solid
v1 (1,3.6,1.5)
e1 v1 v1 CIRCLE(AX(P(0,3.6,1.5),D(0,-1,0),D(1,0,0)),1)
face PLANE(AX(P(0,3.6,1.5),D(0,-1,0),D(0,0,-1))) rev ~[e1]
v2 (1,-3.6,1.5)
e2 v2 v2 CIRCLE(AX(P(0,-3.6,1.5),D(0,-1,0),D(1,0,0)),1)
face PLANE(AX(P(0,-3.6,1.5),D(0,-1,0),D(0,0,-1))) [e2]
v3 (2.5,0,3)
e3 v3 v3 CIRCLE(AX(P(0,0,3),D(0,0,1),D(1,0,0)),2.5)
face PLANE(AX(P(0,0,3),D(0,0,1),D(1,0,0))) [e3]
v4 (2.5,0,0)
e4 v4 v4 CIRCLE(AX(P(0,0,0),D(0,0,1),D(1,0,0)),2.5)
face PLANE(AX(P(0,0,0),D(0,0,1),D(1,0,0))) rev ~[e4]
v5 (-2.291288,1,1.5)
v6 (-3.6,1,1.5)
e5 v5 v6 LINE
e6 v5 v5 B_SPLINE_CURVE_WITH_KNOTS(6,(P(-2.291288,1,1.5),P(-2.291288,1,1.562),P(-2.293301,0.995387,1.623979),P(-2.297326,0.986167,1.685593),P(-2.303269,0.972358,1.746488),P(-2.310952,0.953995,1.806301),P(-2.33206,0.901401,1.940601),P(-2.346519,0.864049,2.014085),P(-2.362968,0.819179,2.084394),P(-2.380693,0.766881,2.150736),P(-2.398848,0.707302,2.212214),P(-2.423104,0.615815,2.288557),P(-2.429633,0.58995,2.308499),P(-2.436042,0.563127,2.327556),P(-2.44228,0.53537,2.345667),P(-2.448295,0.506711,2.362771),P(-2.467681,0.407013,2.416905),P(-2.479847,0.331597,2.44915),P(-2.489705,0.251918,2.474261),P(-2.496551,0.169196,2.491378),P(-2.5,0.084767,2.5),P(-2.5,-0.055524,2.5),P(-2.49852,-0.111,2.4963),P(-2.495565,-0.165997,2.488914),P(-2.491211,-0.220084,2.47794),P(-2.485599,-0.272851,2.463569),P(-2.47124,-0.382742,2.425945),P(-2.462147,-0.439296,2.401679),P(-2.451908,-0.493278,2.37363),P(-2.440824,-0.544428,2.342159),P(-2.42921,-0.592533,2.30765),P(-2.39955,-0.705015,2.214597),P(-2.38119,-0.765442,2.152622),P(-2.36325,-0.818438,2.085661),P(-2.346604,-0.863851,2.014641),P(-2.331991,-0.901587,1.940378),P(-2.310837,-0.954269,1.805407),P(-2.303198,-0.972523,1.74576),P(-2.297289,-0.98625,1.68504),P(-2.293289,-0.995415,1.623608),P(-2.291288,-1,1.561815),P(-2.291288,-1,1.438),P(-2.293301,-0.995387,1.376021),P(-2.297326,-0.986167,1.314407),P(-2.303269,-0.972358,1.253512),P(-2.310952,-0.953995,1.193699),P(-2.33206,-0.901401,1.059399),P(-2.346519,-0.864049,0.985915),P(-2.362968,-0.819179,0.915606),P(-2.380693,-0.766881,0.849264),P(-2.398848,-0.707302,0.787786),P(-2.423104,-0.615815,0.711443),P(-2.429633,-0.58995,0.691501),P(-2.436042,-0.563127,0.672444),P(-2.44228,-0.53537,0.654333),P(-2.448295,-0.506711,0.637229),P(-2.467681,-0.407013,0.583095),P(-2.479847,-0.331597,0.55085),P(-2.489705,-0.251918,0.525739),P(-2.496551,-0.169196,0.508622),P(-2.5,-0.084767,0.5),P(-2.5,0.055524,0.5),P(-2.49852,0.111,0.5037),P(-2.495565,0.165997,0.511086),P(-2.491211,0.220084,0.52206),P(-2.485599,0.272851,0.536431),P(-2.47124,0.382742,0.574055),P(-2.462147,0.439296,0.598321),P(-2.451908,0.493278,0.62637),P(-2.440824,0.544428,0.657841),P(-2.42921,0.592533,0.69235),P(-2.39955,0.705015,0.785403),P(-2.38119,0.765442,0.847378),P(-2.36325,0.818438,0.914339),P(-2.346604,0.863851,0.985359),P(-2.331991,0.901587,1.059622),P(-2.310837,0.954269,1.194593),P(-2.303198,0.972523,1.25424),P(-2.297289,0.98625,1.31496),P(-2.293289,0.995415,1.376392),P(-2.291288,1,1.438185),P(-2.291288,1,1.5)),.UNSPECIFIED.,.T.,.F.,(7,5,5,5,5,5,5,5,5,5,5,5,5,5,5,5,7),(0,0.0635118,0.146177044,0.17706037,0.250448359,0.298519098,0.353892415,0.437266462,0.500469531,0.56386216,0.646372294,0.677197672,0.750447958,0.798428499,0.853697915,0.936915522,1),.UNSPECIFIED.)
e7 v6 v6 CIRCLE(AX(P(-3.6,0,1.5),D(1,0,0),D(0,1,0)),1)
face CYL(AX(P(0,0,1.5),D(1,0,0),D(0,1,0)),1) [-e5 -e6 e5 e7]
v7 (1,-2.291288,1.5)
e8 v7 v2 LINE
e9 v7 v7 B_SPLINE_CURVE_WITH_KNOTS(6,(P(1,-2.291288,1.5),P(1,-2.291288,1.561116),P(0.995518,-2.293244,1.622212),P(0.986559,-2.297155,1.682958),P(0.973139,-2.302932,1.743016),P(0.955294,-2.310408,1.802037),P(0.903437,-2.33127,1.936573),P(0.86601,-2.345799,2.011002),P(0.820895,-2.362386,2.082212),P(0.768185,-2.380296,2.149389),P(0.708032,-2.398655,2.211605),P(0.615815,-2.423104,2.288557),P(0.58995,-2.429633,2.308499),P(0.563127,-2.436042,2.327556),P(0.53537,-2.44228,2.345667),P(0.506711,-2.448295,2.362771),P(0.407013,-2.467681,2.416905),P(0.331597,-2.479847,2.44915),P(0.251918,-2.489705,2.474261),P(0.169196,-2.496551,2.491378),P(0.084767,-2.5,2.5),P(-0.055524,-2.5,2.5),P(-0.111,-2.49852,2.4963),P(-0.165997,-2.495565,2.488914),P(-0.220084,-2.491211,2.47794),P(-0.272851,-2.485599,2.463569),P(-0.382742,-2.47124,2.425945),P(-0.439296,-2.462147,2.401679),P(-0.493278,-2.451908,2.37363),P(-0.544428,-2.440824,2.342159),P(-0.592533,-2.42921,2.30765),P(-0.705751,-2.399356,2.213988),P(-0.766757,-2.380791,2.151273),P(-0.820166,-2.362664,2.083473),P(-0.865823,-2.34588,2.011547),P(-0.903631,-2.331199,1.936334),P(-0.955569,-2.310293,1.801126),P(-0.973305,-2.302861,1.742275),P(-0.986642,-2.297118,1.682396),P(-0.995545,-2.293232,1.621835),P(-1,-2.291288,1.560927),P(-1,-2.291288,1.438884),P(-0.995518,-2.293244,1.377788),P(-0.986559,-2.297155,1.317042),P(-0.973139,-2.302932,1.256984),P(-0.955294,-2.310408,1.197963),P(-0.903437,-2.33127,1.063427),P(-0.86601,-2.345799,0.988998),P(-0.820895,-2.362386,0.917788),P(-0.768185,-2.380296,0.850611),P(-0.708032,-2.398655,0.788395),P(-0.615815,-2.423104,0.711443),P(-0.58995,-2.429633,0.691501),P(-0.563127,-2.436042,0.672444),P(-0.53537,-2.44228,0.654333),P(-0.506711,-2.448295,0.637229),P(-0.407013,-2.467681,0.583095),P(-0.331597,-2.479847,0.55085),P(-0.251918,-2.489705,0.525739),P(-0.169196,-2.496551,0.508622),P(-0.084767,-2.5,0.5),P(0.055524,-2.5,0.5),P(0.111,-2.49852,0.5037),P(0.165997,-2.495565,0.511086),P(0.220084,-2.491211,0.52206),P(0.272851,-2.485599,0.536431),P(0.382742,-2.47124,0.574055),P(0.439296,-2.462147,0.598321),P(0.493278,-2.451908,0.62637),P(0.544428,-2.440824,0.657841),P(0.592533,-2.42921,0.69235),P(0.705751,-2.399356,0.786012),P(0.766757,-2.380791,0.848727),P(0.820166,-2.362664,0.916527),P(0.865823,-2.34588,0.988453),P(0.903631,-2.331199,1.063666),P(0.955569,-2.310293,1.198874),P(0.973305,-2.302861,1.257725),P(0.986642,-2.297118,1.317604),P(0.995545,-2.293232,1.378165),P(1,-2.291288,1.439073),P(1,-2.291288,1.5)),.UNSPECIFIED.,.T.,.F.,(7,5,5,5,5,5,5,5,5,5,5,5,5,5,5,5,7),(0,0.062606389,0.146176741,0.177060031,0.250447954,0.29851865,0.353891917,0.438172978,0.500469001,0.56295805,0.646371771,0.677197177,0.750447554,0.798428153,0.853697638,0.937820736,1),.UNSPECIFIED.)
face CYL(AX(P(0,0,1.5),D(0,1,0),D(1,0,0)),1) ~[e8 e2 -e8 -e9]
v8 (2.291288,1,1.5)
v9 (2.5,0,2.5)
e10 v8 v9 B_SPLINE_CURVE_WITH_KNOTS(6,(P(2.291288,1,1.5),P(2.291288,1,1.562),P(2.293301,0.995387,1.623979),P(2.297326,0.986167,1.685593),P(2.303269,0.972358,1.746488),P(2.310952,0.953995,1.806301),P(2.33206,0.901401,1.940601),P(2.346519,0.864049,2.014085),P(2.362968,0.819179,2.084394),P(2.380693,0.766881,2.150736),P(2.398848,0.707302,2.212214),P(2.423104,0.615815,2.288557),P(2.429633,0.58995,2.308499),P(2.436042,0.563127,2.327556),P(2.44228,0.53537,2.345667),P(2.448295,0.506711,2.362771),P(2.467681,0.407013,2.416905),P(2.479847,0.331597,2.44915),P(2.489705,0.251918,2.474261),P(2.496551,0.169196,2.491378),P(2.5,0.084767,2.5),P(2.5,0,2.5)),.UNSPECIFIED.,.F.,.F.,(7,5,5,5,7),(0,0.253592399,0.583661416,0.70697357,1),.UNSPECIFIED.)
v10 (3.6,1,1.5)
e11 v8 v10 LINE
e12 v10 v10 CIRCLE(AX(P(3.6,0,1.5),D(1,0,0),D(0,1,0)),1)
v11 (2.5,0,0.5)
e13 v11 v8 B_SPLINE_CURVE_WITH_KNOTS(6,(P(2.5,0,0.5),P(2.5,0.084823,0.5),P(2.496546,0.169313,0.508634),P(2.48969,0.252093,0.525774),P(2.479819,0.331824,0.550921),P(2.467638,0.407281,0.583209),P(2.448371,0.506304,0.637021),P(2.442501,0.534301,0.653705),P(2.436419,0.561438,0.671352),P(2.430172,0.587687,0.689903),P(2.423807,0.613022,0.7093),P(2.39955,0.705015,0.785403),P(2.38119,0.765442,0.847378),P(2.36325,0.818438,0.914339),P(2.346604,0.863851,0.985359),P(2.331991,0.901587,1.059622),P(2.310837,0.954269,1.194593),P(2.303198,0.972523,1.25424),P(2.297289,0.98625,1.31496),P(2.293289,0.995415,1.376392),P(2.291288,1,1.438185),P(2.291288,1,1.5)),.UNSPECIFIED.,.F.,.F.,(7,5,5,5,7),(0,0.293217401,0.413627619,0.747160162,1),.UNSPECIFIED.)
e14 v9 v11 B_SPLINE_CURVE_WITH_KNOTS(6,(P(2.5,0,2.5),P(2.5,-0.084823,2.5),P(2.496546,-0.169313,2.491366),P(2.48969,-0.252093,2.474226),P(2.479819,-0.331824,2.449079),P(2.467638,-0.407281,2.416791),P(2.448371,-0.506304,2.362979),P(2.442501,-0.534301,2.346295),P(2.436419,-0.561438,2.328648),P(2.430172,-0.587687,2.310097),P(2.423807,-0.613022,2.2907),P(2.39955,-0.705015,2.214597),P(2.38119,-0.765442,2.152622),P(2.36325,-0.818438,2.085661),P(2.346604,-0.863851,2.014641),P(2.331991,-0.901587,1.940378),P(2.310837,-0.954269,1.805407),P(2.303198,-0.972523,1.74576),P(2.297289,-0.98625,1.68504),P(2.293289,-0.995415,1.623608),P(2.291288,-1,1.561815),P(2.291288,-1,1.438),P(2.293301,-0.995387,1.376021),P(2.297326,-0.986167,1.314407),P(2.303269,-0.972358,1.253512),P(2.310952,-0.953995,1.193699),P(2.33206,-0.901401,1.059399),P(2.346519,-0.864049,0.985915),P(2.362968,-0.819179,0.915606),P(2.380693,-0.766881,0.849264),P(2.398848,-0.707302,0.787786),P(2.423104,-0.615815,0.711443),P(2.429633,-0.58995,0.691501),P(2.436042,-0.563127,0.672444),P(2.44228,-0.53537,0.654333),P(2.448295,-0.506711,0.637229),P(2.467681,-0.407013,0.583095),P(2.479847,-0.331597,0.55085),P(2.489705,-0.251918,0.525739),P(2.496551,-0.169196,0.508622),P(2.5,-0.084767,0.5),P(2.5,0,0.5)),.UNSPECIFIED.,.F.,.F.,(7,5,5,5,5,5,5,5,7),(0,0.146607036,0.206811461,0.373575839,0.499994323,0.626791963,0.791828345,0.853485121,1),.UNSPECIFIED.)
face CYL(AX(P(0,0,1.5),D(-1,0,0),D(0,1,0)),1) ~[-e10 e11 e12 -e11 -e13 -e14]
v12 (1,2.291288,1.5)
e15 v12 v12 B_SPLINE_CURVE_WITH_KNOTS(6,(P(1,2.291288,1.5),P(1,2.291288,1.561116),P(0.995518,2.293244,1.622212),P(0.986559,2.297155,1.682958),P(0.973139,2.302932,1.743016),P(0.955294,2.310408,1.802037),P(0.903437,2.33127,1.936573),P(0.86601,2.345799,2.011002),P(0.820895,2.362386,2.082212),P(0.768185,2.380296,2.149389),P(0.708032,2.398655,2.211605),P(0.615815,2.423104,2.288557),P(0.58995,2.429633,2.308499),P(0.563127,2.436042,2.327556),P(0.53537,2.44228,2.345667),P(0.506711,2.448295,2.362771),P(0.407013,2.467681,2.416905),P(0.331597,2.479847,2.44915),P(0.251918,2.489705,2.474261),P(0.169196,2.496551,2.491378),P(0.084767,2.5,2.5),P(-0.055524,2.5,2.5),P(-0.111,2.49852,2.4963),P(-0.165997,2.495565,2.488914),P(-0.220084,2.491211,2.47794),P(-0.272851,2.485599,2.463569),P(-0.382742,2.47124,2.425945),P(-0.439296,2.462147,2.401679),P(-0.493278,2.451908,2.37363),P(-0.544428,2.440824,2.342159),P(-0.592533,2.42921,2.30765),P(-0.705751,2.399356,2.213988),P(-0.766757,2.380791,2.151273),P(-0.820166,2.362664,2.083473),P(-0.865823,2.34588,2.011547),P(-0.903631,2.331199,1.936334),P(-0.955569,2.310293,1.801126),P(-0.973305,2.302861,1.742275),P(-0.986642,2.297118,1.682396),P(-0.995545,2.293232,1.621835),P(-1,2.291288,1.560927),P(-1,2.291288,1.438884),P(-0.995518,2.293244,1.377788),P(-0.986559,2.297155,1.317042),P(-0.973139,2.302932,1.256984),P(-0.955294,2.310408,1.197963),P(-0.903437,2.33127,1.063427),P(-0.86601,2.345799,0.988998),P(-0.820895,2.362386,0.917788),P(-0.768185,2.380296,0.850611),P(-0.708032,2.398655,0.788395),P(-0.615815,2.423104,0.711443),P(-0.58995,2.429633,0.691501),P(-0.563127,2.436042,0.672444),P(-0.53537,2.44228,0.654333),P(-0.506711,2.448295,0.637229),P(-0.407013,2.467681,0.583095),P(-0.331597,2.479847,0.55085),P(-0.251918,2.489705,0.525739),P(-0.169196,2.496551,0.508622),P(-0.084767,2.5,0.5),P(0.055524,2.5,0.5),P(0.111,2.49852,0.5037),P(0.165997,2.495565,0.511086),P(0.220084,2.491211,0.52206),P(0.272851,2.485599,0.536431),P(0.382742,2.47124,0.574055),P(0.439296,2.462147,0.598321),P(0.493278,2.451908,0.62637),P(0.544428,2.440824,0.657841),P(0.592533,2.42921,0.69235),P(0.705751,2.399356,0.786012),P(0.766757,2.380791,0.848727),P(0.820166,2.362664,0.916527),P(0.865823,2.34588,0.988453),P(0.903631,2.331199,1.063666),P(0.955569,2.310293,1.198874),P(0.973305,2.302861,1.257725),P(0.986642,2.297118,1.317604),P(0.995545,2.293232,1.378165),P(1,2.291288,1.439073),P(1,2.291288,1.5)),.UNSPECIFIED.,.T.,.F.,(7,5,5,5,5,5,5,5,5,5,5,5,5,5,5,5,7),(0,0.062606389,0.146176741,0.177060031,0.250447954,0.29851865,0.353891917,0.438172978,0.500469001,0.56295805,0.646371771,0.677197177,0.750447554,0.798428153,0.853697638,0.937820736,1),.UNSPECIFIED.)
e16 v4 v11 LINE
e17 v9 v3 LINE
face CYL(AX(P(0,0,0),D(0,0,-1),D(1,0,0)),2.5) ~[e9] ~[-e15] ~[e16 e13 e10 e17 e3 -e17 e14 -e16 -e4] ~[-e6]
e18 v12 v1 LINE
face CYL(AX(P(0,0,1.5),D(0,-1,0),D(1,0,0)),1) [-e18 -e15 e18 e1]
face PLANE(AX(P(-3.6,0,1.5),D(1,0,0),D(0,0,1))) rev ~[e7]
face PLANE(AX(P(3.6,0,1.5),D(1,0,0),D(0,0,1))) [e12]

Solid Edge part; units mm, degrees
sketch "Sketch1" plane through (0, 0, 0) normal (0, 0, 1) x (1, 0, 0)
  circle A0 centre (0, 0) radius 2.5
extrude "Protrusion1" add sketch "Sketch1" along normal blind 3
sketch "Sketch2" plane through (0, 0, 0) normal (1, 0, 0) x (0, 1, 0)
  circle A0 centre (0, 1.5) radius 1
extrude "ExtrudedCutout_1" add sketch "Sketch2" along normal mid plane 7.2
sketch "Sketch3" plane through (0, 0, 0) normal (0, -1, 0) x (1, 0, 0)
  circle A0 centre (0, 1.5) radius 1
extrude "ExtrudedProtrusion_3" add sketch "Sketch3" along normal mid plane 7.2
